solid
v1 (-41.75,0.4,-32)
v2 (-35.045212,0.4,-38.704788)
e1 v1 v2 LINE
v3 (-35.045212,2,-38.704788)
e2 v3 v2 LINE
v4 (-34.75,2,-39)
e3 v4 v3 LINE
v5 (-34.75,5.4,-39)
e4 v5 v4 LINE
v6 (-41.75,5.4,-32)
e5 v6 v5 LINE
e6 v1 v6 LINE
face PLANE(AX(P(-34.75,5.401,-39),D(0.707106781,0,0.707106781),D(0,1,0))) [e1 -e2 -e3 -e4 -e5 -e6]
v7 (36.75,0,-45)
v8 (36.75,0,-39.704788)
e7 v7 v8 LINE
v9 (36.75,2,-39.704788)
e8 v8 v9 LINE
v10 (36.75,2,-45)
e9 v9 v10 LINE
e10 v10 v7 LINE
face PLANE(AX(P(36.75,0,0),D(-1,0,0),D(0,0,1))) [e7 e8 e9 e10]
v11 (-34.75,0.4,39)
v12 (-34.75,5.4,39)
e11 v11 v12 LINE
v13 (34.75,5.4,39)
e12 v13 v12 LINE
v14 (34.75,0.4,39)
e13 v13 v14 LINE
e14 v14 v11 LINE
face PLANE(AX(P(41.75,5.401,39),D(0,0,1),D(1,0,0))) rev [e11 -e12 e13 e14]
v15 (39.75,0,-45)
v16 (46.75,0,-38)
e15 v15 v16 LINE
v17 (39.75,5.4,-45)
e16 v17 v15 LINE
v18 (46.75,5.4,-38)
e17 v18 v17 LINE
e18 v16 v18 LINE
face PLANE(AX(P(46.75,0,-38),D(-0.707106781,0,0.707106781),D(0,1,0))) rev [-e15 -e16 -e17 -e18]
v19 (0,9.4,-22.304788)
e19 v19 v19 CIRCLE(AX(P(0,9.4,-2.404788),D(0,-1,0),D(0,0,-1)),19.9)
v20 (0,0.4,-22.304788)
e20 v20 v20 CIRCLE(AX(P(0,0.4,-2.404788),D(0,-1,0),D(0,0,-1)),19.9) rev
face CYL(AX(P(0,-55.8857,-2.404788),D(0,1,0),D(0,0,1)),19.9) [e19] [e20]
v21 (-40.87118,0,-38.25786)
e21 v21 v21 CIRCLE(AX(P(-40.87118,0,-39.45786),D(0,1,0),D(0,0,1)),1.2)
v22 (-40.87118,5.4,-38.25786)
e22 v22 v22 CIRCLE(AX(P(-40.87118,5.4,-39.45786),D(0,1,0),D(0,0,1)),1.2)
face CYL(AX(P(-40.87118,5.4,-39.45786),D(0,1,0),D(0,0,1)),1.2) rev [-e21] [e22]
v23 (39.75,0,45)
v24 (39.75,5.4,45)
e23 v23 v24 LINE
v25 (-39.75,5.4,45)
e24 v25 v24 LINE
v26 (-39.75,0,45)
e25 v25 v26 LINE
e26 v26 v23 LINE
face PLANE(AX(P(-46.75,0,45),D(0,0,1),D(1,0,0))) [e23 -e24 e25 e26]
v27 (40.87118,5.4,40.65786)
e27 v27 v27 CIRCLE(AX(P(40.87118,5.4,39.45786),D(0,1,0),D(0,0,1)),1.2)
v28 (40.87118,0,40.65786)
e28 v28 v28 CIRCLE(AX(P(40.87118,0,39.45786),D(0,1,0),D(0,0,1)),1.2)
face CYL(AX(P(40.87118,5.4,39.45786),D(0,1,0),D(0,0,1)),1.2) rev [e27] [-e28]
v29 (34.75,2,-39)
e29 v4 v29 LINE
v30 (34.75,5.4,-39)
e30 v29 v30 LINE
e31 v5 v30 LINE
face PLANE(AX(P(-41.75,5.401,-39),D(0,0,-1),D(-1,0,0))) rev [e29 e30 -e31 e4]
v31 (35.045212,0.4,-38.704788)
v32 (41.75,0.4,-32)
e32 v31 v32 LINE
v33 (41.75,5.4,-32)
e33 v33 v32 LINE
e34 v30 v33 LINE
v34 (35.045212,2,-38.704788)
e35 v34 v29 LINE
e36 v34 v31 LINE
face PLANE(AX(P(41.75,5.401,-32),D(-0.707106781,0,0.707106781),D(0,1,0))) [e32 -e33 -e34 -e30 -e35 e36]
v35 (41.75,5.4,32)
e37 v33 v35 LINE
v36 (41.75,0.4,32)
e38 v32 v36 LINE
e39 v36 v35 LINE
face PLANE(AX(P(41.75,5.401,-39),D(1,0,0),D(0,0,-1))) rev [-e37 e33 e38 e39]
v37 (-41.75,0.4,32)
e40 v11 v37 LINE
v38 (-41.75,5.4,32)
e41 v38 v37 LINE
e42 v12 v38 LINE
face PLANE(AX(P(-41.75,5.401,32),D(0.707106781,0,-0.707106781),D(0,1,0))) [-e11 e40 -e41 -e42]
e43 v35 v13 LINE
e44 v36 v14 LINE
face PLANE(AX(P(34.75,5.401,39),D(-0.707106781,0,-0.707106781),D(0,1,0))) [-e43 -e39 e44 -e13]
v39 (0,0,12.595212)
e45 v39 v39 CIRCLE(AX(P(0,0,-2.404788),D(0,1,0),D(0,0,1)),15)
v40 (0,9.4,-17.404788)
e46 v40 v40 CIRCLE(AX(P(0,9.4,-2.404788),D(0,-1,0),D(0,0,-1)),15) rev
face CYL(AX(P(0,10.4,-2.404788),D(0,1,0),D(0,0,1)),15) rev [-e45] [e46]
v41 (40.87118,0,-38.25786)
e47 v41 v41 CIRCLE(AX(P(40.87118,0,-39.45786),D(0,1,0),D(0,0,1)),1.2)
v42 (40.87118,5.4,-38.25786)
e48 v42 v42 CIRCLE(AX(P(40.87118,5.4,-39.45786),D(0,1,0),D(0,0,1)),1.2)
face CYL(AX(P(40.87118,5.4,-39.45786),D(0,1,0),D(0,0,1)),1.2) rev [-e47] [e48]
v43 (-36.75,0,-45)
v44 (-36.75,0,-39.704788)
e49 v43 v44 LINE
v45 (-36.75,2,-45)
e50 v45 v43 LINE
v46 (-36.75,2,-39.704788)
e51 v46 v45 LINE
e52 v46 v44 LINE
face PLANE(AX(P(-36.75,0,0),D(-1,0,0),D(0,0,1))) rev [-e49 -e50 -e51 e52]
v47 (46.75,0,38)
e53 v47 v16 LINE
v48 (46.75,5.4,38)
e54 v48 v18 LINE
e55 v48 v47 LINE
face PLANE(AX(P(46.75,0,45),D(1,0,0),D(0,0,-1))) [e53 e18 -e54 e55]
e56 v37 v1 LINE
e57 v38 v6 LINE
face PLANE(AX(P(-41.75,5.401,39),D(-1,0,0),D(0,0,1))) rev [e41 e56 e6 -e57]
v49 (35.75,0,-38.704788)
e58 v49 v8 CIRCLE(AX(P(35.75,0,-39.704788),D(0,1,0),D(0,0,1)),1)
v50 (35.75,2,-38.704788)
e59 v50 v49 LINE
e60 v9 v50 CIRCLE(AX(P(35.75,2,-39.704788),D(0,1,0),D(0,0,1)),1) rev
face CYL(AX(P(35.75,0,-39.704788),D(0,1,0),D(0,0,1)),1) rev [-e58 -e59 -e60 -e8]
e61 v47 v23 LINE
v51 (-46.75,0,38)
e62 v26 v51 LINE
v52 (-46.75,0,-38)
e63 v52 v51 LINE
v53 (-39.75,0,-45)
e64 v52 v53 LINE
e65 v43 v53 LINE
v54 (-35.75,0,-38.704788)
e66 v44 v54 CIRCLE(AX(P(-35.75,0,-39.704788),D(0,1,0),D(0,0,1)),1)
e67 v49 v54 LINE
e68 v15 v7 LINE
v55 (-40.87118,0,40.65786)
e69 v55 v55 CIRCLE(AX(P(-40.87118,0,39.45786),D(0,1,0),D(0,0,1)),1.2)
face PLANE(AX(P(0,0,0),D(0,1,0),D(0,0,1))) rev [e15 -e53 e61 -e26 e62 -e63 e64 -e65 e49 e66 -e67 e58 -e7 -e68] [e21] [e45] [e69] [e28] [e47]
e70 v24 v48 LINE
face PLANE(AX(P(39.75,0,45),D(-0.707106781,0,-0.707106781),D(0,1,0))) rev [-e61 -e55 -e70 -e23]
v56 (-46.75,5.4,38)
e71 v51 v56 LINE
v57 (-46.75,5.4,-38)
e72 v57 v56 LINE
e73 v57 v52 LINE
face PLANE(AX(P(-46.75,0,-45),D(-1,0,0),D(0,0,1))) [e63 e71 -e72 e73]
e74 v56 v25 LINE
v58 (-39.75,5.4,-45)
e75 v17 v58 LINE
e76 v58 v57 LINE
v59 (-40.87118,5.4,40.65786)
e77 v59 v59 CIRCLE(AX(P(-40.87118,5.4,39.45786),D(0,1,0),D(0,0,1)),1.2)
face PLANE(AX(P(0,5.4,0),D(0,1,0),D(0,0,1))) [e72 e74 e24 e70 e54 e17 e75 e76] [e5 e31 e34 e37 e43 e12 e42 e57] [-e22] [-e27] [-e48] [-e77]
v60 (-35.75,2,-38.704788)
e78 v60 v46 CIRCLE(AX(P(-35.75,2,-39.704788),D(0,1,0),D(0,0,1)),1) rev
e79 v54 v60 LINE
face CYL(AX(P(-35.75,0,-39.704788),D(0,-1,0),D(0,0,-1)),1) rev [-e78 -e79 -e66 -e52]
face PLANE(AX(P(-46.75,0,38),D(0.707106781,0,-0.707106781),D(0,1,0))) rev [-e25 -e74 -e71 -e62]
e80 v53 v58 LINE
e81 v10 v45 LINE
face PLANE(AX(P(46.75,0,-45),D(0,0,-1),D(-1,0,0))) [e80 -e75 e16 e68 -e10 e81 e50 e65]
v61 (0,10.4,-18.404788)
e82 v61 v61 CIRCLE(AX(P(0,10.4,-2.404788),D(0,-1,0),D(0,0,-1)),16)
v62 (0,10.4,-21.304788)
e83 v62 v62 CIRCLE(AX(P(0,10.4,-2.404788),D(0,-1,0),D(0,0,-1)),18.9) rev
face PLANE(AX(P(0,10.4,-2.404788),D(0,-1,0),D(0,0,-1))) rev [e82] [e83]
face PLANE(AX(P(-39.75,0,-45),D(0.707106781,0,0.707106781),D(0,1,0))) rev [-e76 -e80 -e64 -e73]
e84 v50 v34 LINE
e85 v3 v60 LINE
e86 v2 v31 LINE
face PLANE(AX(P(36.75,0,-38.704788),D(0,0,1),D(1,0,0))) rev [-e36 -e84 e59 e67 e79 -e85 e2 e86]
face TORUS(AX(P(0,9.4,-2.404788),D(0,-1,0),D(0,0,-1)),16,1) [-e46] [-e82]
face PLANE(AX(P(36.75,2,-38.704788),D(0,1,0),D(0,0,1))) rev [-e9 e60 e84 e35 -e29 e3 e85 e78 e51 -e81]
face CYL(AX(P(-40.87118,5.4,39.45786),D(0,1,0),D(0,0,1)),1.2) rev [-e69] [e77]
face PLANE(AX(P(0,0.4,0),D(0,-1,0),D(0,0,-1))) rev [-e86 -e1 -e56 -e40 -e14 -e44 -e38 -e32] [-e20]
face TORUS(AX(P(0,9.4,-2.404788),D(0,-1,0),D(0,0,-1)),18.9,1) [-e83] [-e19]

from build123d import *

# Parameters (mm, degrees)
SKETCH1_W             = 93.5
SKETCH1_H             = 90
BOSS_EXTRUDE1_DEPTH   = 5.4
CUT_EXTRUDE1_REACH    = 66.978
SKETCH2_W             = 83.5
SKETCH2_H             = 78
CHAMFER1_SIZE         = 7
CHAMFER2_SIZE         = 7
CHAMFER3_SIZE         = 7
CHAMFER4_SIZE         = 7
CHAMFER5_SIZE         = 7
CHAMFER6_SIZE         = 7
CHAMFER7_SIZE         = 7
CHAMFER8_SIZE         = 7
CUT_EXTRUDE2_REACH    = 67.081
SKETCH4_W             = 2
SKETCH4_H             = 6.295211976
CUT_EXTRUDE3_DEPTH    = 73.5
SKETCH5_R             = 19.9
BOSS_EXTRUDE2_DEPTH   = 10
F_2_CLEARANCE_HOLE1_D = 2.4
F_2_CLEARANCE_HOLE2_D = 2.4
F_2_CLEARANCE_HOLE3_D = 2.4
F_2_CLEARANCE_HOLE4_D = 2.4
HOLE1_D               = 30
FILLET1_R             = 1
FILLET2_R             = 1


with BuildPart() as part:
    # Sketch1 → Boss-Extrude1 (new body)
    with BuildSketch(Plane(origin=(0, 5.4, 0), x_dir=(1, 0, 0), z_dir=(0, 1, 0))):
        Rectangle(SKETCH1_W, SKETCH1_H)
    extrude(amount=-BOSS_EXTRUDE1_DEPTH)

    # Sketch2 → Cut-Extrude1 (cut, up to next)
    with BuildSketch(Plane.XZ.offset(-2), mode=Mode.PRIVATE) as cut_extrude1_sk1:
        Rectangle(SKETCH2_W, SKETCH2_H)
    cut_extrude1_tool1 = extrude(cut_extrude1_sk1.sketch, amount=-CUT_EXTRUDE1_REACH, mode=Mode.PRIVATE) & part.part
    add(cut_extrude1_tool1.solids().sort_by_distance((0, 2, 0))[0], mode=Mode.SUBTRACT)

    # Chamfer1
    chamfer1_edges = [part.edges().sort_by_distance(p)[0] for p in [
        (41.75, 3.7, -39),
    ]]
    chamfer(chamfer1_edges, length=CHAMFER1_SIZE)

    # Chamfer2
    chamfer2_edges = [part.edges().sort_by_distance(p)[0] for p in [
        (41.75, 3.7, 39),
    ]]
    chamfer(chamfer2_edges, length=CHAMFER2_SIZE)

    # Chamfer3
    chamfer3_edges = [part.edges().sort_by_distance(p)[0] for p in [
        (46.75, 2.7, 45),
    ]]
    chamfer(chamfer3_edges, length=CHAMFER3_SIZE)

    # Chamfer4
    chamfer4_edges = [part.edges().sort_by_distance(p)[0] for p in [
        (46.75, 2.7, -45),
    ]]
    chamfer(chamfer4_edges, length=CHAMFER4_SIZE)

    # Chamfer5
    chamfer5_edges = [part.edges().sort_by_distance(p)[0] for p in [
        (-46.75, 2.7, -45),
    ]]
    chamfer(chamfer5_edges, length=CHAMFER5_SIZE)

    # Chamfer6
    chamfer6_edges = [part.edges().sort_by_distance(p)[0] for p in [
        (-41.75, 3.7, -39),
    ]]
    chamfer(chamfer6_edges, length=CHAMFER6_SIZE)

    # Chamfer7
    chamfer7_edges = [part.edges().sort_by_distance(p)[0] for p in [
        (-46.75, 2.7, 45),
    ]]
    chamfer(chamfer7_edges, length=CHAMFER7_SIZE)

    # Chamfer8
    chamfer8_edges = [part.edges().sort_by_distance(p)[0] for p in [
        (-41.75, 3.7, 39),
    ]]
    chamfer(chamfer8_edges, length=CHAMFER8_SIZE)

    # Sketch3 → Cut-Extrude2 (cut, up to next)
    with BuildSketch(Plane.XZ.offset(-0.4), mode=Mode.PRIVATE) as cut_extrude2_sk1:
        Polygon((-41.75, -32), (-35.045211976, -38.704788024), (35.045211976, -38.704788024), (41.75, -32), (41.75, 32), (34.75, 39), (-34.75, 39), (-41.75, 32), align=None)
    cut_extrude2_tool1 = extrude(cut_extrude2_sk1.sketch, amount=-CUT_EXTRUDE2_REACH, mode=Mode.PRIVATE) & part.part
    add(cut_extrude2_tool1.solids().sort_by_distance((0, 0.4, 0.125192))[0], mode=Mode.SUBTRACT)

    # Sketch4 → Cut-Extrude3 (cut)
    with BuildSketch(Plane(origin=(-36.75, 0, 0), x_dir=(0, -1, 0), z_dir=(-1, 0, 0))):
        with Locations((-1, -41.852394012)):
            Rectangle(SKETCH4_W, SKETCH4_H)
    extrude(amount=-CUT_EXTRUDE3_DEPTH, mode=Mode.SUBTRACT)

    # Sketch5 → Boss-Extrude2 (add)
    with BuildSketch(Plane(origin=(0, 10.4, 0), x_dir=(1, 0, 0), z_dir=(0, 1, 0))):
        with Locations(Location((0, 2.404788024, 0), (0, 0, 90))):
            Circle(SKETCH5_R)
    extrude(amount=-BOSS_EXTRUDE2_DEPTH)

    # #2 Clearance Hole1 (through all)
    with Locations(Plane(origin=(0, 5.4, 0), x_dir=(1, 0, 0), z_dir=(0, 1, 0))):
        with Locations((40.871180413, -39.457859948)):
            Hole(F_2_CLEARANCE_HOLE1_D / 2)

    # #2 Clearance Hole2 (through all)
    with Locations(Plane(origin=(0, 5.4, 0), x_dir=(1, 0, 0), z_dir=(0, 1, 0))):
        with Locations((40.871180413, 39.457859948)):
            Hole(F_2_CLEARANCE_HOLE2_D / 2)

    # #2 Clearance Hole3 (through all)
    with Locations(Plane(origin=(0, 5.4, 0), x_dir=(1, 0, 0), z_dir=(0, 1, 0))):
        with Locations((-40.871180413, 39.457859948)):
            Hole(F_2_CLEARANCE_HOLE3_D / 2)

    # #2 Clearance Hole4 (through all)
    with Locations(Plane(origin=(0, 5.4, 0), x_dir=(1, 0, 0), z_dir=(0, 1, 0))):
        with Locations((-40.871180413, -39.457859948)):
            Hole(F_2_CLEARANCE_HOLE4_D / 2)

    # Hole1 (through all)
    with Locations(Plane(origin=(0, 10.4, 0), x_dir=(1, 0, 0), z_dir=(0, 1, 0))):
        with Locations((0, 2.404788024)):
            Hole(HOLE1_D / 2)

    # Fillet1
    fillet1_edges = [part.edges().sort_by_distance(p)[0] for p in [
        (36.75, 1, -38.704788024),
        (-36.75, 1, -38.704788024),
    ]]
    fillet(fillet1_edges, radius=FILLET1_R)

    # Fillet2
    fillet2_edges = [part.edges().sort_by_distance(p)[0] for p in [
        (0, 10.4, 17.495211976),
        (15, 10.4, -2.404788024),
    ]]
    fillet(fillet2_edges, radius=FILLET2_R)


solid = part.part
